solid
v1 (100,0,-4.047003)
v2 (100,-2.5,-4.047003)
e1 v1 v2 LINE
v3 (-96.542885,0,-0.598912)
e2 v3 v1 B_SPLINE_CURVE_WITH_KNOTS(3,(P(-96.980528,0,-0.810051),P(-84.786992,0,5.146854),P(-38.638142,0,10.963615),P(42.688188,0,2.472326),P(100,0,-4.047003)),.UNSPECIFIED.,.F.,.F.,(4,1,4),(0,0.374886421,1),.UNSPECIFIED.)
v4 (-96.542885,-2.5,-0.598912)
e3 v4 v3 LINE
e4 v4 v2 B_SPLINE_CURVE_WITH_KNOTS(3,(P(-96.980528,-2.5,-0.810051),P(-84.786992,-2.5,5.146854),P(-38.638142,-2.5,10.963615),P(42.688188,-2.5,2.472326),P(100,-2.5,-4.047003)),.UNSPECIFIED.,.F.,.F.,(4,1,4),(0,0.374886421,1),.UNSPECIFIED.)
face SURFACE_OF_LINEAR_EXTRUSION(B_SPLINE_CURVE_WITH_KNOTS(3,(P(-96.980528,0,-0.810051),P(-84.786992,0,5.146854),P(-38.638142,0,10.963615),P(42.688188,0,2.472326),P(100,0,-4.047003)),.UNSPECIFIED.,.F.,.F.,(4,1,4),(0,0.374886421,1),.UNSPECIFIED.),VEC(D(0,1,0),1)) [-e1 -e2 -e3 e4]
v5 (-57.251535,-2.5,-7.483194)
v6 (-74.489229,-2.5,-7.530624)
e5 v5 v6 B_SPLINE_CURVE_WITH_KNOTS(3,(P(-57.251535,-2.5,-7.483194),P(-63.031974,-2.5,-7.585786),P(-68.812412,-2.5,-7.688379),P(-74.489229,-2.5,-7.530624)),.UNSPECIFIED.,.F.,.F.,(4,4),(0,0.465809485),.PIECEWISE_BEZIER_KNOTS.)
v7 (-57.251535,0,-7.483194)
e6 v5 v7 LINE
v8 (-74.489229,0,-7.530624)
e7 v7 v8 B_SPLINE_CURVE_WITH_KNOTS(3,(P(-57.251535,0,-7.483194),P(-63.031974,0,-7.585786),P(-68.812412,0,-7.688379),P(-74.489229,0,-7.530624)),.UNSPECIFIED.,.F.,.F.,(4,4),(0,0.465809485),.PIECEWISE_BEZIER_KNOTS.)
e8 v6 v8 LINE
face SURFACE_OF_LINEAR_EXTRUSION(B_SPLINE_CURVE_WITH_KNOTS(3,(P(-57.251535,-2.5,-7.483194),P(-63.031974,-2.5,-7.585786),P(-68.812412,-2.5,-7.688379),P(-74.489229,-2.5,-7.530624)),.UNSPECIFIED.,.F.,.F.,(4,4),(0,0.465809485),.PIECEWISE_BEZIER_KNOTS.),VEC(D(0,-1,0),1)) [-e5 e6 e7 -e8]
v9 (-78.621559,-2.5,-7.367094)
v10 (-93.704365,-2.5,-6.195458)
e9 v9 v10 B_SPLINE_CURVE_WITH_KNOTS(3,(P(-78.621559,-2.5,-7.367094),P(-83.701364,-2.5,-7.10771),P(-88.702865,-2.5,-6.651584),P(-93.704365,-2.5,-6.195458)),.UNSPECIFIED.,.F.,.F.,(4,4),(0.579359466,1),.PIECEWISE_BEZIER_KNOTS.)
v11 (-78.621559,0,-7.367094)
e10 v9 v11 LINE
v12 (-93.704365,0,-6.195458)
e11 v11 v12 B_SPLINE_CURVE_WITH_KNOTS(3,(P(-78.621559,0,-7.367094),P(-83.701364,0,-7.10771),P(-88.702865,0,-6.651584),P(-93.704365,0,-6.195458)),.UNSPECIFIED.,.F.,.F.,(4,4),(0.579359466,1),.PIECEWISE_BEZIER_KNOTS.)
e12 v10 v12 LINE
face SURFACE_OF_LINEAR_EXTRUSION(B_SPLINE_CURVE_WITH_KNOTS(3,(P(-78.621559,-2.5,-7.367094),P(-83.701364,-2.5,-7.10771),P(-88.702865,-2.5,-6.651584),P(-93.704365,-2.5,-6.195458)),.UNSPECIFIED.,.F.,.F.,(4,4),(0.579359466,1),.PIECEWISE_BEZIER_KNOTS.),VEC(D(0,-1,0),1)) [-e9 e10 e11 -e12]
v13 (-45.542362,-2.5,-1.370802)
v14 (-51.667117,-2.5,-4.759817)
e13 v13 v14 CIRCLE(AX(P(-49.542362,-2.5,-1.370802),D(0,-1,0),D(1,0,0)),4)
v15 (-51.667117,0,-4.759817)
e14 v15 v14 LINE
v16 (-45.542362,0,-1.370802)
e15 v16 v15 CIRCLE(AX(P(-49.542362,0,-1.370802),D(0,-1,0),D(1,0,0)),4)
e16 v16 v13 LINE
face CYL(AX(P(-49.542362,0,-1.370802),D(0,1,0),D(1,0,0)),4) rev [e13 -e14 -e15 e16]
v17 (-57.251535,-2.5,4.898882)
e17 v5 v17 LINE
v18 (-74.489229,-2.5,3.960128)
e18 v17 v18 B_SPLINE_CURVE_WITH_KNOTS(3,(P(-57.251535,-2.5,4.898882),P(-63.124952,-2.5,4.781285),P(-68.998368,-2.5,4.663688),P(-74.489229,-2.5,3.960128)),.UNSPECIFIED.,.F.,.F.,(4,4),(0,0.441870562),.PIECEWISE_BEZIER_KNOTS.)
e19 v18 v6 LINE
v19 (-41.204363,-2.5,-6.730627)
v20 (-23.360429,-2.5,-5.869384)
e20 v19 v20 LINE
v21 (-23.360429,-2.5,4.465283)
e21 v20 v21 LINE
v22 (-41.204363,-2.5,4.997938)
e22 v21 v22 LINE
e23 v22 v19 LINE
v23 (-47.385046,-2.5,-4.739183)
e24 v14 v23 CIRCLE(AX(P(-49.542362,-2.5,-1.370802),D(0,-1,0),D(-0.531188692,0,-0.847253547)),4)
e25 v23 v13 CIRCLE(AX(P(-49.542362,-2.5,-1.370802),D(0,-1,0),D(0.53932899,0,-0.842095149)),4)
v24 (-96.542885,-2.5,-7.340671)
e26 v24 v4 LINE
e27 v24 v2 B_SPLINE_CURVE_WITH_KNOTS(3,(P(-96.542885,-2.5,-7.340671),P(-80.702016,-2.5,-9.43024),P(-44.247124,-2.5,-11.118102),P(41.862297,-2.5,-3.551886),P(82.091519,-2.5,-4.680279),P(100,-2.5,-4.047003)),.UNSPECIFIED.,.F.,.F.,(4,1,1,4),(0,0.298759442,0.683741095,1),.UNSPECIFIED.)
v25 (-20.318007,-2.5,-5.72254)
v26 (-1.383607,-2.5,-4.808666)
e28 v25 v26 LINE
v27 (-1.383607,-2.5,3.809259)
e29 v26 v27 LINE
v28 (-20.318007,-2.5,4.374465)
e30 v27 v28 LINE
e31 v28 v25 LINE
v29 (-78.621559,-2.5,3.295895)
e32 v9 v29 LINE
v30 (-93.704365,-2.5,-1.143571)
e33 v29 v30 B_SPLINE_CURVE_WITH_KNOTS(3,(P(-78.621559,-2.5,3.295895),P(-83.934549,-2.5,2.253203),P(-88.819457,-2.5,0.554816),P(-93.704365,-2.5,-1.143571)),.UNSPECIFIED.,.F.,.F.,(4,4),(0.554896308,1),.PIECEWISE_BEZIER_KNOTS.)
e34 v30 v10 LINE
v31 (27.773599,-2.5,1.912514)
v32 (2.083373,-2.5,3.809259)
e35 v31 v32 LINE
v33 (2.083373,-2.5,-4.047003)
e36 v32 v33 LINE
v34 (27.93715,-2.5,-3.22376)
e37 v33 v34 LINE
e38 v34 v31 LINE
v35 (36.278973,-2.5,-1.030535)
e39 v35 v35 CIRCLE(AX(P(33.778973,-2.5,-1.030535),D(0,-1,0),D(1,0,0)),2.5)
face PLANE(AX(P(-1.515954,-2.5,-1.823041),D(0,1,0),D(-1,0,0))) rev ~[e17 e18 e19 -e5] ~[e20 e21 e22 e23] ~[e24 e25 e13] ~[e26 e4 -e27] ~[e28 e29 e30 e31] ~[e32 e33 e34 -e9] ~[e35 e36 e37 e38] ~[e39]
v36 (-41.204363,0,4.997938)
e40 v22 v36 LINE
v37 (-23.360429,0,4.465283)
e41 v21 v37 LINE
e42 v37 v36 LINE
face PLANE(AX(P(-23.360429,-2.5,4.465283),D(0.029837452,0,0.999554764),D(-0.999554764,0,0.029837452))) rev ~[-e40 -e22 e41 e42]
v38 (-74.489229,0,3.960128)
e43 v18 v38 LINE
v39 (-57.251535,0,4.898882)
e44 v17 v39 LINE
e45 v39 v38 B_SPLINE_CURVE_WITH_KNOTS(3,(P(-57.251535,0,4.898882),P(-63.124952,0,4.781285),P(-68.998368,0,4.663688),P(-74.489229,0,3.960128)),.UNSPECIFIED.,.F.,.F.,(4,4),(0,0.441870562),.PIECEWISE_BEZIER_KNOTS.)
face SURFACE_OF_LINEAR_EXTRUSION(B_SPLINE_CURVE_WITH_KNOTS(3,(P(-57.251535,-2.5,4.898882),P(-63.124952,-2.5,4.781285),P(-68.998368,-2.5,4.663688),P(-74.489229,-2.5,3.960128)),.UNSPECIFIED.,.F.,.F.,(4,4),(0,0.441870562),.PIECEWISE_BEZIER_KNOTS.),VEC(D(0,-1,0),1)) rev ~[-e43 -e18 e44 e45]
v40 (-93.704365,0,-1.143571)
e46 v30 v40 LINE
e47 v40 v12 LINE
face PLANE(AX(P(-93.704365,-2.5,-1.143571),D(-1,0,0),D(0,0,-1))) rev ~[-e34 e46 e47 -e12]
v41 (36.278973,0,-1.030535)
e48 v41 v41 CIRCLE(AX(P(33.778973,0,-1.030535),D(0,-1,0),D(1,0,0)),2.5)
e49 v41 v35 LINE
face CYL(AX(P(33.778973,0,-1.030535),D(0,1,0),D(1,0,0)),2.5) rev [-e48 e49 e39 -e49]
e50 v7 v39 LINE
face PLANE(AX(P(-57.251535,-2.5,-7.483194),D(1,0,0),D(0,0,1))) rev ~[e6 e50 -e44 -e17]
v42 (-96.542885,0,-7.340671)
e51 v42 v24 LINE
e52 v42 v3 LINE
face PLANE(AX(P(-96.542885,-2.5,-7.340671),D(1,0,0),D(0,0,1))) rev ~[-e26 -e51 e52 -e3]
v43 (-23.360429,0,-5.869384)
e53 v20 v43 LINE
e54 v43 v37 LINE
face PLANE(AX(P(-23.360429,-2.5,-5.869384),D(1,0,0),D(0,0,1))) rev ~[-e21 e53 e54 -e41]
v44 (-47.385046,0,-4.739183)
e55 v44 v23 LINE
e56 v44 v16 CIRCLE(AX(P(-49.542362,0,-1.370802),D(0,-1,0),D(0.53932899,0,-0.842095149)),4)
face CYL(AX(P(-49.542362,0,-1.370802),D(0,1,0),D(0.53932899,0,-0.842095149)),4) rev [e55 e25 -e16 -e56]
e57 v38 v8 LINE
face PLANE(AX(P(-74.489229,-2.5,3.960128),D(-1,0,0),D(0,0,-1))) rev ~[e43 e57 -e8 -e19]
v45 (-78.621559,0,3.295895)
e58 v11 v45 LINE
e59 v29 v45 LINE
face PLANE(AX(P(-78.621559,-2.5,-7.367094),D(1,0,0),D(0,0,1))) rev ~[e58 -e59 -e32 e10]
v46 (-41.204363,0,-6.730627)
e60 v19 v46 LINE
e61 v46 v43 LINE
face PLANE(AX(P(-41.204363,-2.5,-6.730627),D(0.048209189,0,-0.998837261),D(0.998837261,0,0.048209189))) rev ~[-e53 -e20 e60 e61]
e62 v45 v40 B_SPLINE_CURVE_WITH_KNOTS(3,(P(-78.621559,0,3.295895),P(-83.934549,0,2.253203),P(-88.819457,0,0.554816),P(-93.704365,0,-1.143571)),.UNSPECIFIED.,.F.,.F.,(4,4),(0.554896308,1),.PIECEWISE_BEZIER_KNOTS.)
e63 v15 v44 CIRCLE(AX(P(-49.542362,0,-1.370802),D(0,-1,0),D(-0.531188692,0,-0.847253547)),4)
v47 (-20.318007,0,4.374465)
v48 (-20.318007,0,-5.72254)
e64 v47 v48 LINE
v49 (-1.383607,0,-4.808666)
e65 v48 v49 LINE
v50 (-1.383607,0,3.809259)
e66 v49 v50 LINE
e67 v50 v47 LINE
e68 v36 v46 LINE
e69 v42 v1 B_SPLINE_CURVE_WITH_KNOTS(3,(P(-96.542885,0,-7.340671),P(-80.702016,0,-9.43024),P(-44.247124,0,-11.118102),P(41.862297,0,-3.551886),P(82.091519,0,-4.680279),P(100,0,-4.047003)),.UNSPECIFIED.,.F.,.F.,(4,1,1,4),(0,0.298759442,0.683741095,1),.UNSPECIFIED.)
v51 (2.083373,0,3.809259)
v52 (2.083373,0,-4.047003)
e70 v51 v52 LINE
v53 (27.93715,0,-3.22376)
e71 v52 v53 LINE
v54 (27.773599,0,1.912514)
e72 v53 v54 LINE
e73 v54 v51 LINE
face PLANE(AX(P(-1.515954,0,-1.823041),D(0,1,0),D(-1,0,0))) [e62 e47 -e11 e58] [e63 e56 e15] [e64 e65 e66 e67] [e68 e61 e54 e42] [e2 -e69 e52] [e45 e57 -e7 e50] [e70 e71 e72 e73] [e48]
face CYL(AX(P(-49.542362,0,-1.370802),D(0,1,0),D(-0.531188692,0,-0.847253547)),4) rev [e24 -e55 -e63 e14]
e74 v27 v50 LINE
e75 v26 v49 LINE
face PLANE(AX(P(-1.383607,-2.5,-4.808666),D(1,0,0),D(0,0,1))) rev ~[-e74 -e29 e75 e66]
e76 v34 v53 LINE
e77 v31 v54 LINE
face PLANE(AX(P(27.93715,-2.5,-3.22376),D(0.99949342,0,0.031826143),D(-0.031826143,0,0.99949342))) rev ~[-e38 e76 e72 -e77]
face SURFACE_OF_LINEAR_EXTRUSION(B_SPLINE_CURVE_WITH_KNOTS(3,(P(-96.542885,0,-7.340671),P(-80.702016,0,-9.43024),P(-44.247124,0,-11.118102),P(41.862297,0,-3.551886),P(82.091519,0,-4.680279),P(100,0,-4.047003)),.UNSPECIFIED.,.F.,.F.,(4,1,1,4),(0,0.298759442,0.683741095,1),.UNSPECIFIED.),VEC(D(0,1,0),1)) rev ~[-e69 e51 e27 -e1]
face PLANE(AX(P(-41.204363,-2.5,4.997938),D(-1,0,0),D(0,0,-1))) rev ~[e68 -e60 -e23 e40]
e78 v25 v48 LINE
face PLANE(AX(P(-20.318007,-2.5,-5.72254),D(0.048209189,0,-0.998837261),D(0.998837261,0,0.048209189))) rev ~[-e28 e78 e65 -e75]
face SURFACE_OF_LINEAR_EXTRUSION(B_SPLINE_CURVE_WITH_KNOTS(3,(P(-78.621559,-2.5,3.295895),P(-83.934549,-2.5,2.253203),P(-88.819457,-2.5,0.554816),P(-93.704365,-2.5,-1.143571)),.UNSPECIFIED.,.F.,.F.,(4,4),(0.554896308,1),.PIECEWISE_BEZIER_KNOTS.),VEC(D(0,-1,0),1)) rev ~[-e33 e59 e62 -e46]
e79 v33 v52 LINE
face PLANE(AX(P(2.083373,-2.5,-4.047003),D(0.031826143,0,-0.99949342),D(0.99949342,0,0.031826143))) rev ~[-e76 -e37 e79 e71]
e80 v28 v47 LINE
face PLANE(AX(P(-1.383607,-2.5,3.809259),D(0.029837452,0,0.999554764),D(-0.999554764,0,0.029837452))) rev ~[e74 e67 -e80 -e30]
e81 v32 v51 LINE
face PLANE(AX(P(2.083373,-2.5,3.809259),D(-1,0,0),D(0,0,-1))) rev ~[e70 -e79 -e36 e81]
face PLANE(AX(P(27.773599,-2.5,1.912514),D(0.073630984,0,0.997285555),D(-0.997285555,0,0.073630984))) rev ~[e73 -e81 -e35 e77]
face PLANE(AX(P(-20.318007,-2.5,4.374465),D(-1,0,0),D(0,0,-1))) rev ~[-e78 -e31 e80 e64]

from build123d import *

# Parameters (mm, degrees)
F2_DEPTH = 2.5
F1_R     = 2.5
F3_DEPTH = 2.5
F5_DEPTH = 2.5
F6_DEPTH = 2.5
F7_DEPTH = 2.5
F8_DEPTH = 2.5


with BuildPart() as f2:
    # F0 (on Front) → F2 (new body)
    with BuildSketch(Plane.XZ):
        with BuildLine():
            add(Edge.make_bspline(
                [(-96.9805282175, -0.8100506688), (-84.7869920978, 5.1468541776), (-38.6381415733, 10.9636146396), (42.6881882799, 2.4723259958), (100, -4.047003109)],
                knots=[0, 0, 0, 0, 0.374886421, 1, 1, 1, 1], degree=3))
            add(Edge.make_bspline(
                [(-97.5447368223, -7.1186651935), (-99.939251346, -6.5508492693), (-102.885147974, -5.168950634), (-100.0067471137, -2.3789404522), (-96.9805282175, -0.8100506688)],
                knots=[0.0564585679, 0.0564585679, 0.0564585679, 0.0564585679, 0.4847104148, 1, 1, 1, 1], degree=3))
            add(Edge.make_bspline(
                [(-96.5428845142, -7.3406707446), (-96.8949965543, -7.2673488468), (-97.22905608, -7.1935231869), (-97.5447368223, -7.1186651935)],
                knots=[0, 0, 0, 0, 0.0564585679, 0.0564585679, 0.0564585679, 0.0564585679], degree=3))
            add(Edge.make_bspline(
                [(-96.5428845142, -7.3406707446), (-80.7020161693, -9.4302402111), (-44.2471235075, -11.1181020976), (41.8622965332, -3.5518856086), (82.0915186506, -4.6802794425), (100, -4.047003109)],
                knots=[0, 0, 0, 0, 0.2987594418, 0.6837410955, 1, 1, 1, 1], degree=3))
        make_face()
        with BuildLine():
            add(Edge.make_bspline(
                [(-99.8196757147, -4.047003109), (-99.3821638101, -3.2227137691), (-97.9006497107, -2.3042858417), (-96.3385477662, -1.6362179573)],
                knots=[0.5425000514, 0.5425000514, 0.5425000514, 0.5425000514, 1, 1, 1, 1], degree=3))
            add(Edge.make_bspline(
                [(-96.3385477662, -1.6362179573), (-85.7442874691, 3.2900694446), (-38.7960585931, 10.0747672146), (36.943279708, 1.696590452), (86.094097513, -3.3751911245)],
                knots=[0, 0, 0, 0, 0.384923117, 1, 1, 1, 1], degree=3))
            add(Edge.make_bspline(
                [(-97.3825784566, -6.0471531808), (-82.3468325761, -8.841713568), (-44.2551066449, -8.6286827794), (40.9195716837, -3.3120714751), (72.7341022162, -3.1550192186), (86.094097513, -3.3751911245)],
                knots=[0, 0, 0, 0, 0.3131273629, 0.7122131732, 1, 1, 1, 1], degree=3))
            add(Edge.make_bspline(
                [(-97.3825784566, -6.0471531808), (-98.6588937786, -5.8946130057), (-100.1661659123, -5.1778479876), (-99.9138553768, -4.2244412327), (-99.8196757147, -4.047003109)],
                knots=[0, 0, 0, 0, 0.4440177242, 0.5425000514, 0.5425000514, 0.5425000514, 0.5425000514], degree=3))
        make_face(mode=Mode.SUBTRACT)
        with BuildLine():
            add(Edge.make_bspline(
                [(-96.3385477662, -1.6362179573), (-85.7442874691, 3.2900694446), (-38.7960585931, 10.0747672146), (36.943279708, 1.696590452), (86.094097513, -3.3751911245)],
                knots=[0, 0, 0, 0, 0.384923117, 1, 1, 1, 1], degree=3))
            add(Edge.make_bspline(
                [(-99.8196757147, -4.047003109), (-99.3821638101, -3.2227137691), (-97.9006497107, -2.3042858417), (-96.3385477662, -1.6362179573)],
                knots=[0.5425000514, 0.5425000514, 0.5425000514, 0.5425000514, 1, 1, 1, 1], degree=3))
            add(Edge.make_bspline(
                [(-97.3825784566, -6.0471531808), (-98.6588937786, -5.8946130057), (-100.1661659123, -5.1778479876), (-99.9138553768, -4.2244412327), (-99.8196757147, -4.047003109)],
                knots=[0, 0, 0, 0, 0.4440177242, 0.5425000514, 0.5425000514, 0.5425000514, 0.5425000514], degree=3))
            add(Edge.make_bspline(
                [(-97.3825784566, -6.0471531808), (-82.3468325761, -8.841713568), (-44.2551066449, -8.6286827794), (40.9195716837, -3.3120714751), (72.7341022162, -3.1550192186), (86.094097513, -3.3751911245)],
                knots=[0, 0, 0, 0, 0.3131273629, 0.7122131732, 1, 1, 1, 1], degree=3))
        make_face()
        with BuildLine():
            add(Edge.make_bspline(
                [(-96.5428845142, -7.3406707446), (-96.8949965543, -7.2673488468), (-97.22905608, -7.1935231869), (-97.5447368223, -7.1186651935)],
                knots=[0, 0, 0, 0, 0.0564585679, 0.0564585679, 0.0564585679, 0.0564585679], degree=3))
            ThreePointArc((-97.5447368223, -7.1186651935), (-97.052492706, -7.2688477084), (-96.5428845142, -7.3406707446))
        make_face()
    extrude(amount=F2_DEPTH)


with BuildPart() as f2b:
    # F1 (on Front) → F2, piece 2 (new body)
    with BuildSketch(Plane.XZ):
        with Locations((33.7789729238, -1.0305350879)):
            Circle(F1_R)
    extrude(amount=F2_DEPTH)


with BuildPart() as f2c:
    # F1 (on Front) → F2, piece 3 (new body)
    with BuildSketch(Plane.XZ):
        with BuildLine():
            ThreePointArc((-45.542362095, -1.3708024857), (-51.4789804014, 2.1291274472), (-51.6671168627, -4.7598166753))
            Line((-51.6671168627, -4.7598166753), (-47.385046135, -4.7391830831))
            ThreePointArc((-47.385046135, -4.7391830831), (-46.0331411102, -3.2905337378), (-45.542362095, -1.3708024857))
        make_face()
        with BuildLine():
            Line((-47.385046135, -4.7391830831), (-51.6671168627, -4.7598166753))
            ThreePointArc((-51.6671168627, -4.7598166753), (-49.523087913, -5.3707560487), (-47.385046135, -4.7391830831))
        make_face()
    extrude(amount=F2_DEPTH)


with BuildPart() as f3_tool:
    # F1 (on Front) → F3 (new body)
    with BuildSketch(Plane.XZ):
        with BuildLine():
            ThreePointArc((-45.542362095, -1.3708024857), (-51.4789804014, 2.1291274472), (-51.6671168627, -4.7598166753))
            Line((-51.6671168627, -4.7598166753), (-47.385046135, -4.7391830831))
            ThreePointArc((-47.385046135, -4.7391830831), (-46.0331411102, -3.2905337378), (-45.542362095, -1.3708024857))
        make_face()
        with BuildLine():
            Line((-47.385046135, -4.7391830831), (-51.6671168627, -4.7598166753))
            ThreePointArc((-51.6671168627, -4.7598166753), (-49.523087913, -5.3707560487), (-47.385046135, -4.7391830831))
        make_face()
        with Locations((33.7789729238, -1.0305350879)):
            Circle(F1_R)
    extrude(amount=F3_DEPTH)


with BuildPart() as f2_1:
    add(f2.part)

    # F3: cut by f3_tool
    add(f3_tool.part, mode=Mode.SUBTRACT)

    # F4 (on face) → F5 (cut)
    with BuildSketch(Plane.XZ.offset(2.5)):
        with BuildLine():
            Line((-96.5428845142, -7.3406707446), (-96.5428845142, -0.5989118026))
            add(Edge.make_bspline(
                [(-96.9805282175, -0.8100506688), (-96.8353706427, -0.7391368787), (-96.6894893165, -0.6687582494), (-96.5428845142, -0.5989118026)],
                knots=[0, 0, 0, 0, 0.0044628238, 0.0044628238, 0.0044628238, 0.0044628238], degree=3))
            add(Edge.make_bspline(
                [(-96.9805282175, -0.8100506688), (-100.0067471137, -2.3789404522), (-102.885147974, -5.168950634), (-99.939251346, -6.5508492693), (-97.5447368223, -7.1186651935)],
                knots=[0.0564585679, 0.0564585679, 0.0564585679, 0.0564585679, 0.5717481532, 1, 1, 1, 1], degree=3))
            ThreePointArc((-97.5447368223, -7.1186651935), (-97.052492706, -7.2688477084), (-96.5428845142, -7.3406707446))
        make_face()
    extrude(amount=-F5_DEPTH, mode=Mode.SUBTRACT)

    # F4 (on face) → F6 (cut)
    with BuildSketch(Plane.XZ.offset(2.5)):
        with BuildLine():
            Line((-57.251535356, -7.4831936508), (-57.251535356, 4.8988820054))
            add(Edge.make_bspline(
                [(-57.251535356, 4.8988820054), (-63.1249518816, 4.7812850577), (-68.9983684072, 4.66368811), (-74.4892291338, 3.9601280834)],
                knots=[0, 0, 0, 0, 0.4418705618, 0.4418705618, 0.4418705618, 0.4418705618], degree=3))
            Line((-74.4892291338, 3.9601280834), (-74.4892291338, -7.5306241193))
            add(Edge.make_bspline(
                [(-57.251535356, -7.4831936508), (-63.0319736557, -7.5857864832), (-68.8124119553, -7.6883793156), (-74.4892291338, -7.5306241193)],
                knots=[0, 0, 0, 0, 0.4658094847, 0.4658094847, 0.4658094847, 0.4658094847], degree=3))
        make_face()
        Polygon((-23.3604289876, 4.4652832618), (-41.2043631077, 4.9979379401), (-41.2043631077, -6.7306268347), (-23.3604289876, -5.8693838368), align=None)
        Polygon((27.7735989974, 1.9125135442), (2.0833725575, 3.8092588075), (2.0833725575, -4.047003109), (27.937149629, -3.2237600535), align=None)
    extrude(amount=-F6_DEPTH, mode=Mode.SUBTRACT)

    # F4 (on face) → F7 (cut)
    with BuildSketch(Plane.XZ.offset(2.5)):
        Polygon((-20.3180073822, -5.7225404173), (-1.3836068101, -4.8086657189), (-1.3836068101, 3.8092588075), (-20.3180073822, 4.3744647187), align=None)
    extrude(amount=-F7_DEPTH, mode=Mode.SUBTRACT)

    # F4 (on face) → F8 (cut)
    with BuildSketch(Plane.XZ.offset(2.5)):
        with BuildLine():
            Line((-78.6215588156, -7.3670944992), (-78.6215588156, 3.2958948603))
            add(Edge.make_bspline(
                [(-78.6215588156, 3.2958948603), (-83.9345486349, 2.2532028855), (-88.8194569144, 0.5548157735), (-93.7043651938, -1.1435713386)],
                knots=[0.554896308, 0.554896308, 0.554896308, 0.554896308, 1, 1, 1, 1], degree=3))
            Line((-93.7043651938, -1.1435713386), (-93.7043651938, -6.1954581179))
            add(Edge.make_bspline(
                [(-78.6215588156, -7.3670944992), (-83.7013643272, -7.1077100258), (-88.7028647605, -6.6515840718), (-93.7043651938, -6.1954581179)],
                knots=[0.5793594661, 0.5793594661, 0.5793594661, 0.5793594661, 1, 1, 1, 1], degree=3))
        make_face()
    extrude(amount=-F8_DEPTH, mode=Mode.SUBTRACT)


with BuildPart() as f2b_1:
    add(f2b.part)

    # F3: cut by f3_tool
    add(f3_tool.part, mode=Mode.SUBTRACT)


with BuildPart() as f2c_1:
    add(f2c.part)

    # F3: cut by f3_tool
    add(f3_tool.part, mode=Mode.SUBTRACT)


solid = f2_1.part
